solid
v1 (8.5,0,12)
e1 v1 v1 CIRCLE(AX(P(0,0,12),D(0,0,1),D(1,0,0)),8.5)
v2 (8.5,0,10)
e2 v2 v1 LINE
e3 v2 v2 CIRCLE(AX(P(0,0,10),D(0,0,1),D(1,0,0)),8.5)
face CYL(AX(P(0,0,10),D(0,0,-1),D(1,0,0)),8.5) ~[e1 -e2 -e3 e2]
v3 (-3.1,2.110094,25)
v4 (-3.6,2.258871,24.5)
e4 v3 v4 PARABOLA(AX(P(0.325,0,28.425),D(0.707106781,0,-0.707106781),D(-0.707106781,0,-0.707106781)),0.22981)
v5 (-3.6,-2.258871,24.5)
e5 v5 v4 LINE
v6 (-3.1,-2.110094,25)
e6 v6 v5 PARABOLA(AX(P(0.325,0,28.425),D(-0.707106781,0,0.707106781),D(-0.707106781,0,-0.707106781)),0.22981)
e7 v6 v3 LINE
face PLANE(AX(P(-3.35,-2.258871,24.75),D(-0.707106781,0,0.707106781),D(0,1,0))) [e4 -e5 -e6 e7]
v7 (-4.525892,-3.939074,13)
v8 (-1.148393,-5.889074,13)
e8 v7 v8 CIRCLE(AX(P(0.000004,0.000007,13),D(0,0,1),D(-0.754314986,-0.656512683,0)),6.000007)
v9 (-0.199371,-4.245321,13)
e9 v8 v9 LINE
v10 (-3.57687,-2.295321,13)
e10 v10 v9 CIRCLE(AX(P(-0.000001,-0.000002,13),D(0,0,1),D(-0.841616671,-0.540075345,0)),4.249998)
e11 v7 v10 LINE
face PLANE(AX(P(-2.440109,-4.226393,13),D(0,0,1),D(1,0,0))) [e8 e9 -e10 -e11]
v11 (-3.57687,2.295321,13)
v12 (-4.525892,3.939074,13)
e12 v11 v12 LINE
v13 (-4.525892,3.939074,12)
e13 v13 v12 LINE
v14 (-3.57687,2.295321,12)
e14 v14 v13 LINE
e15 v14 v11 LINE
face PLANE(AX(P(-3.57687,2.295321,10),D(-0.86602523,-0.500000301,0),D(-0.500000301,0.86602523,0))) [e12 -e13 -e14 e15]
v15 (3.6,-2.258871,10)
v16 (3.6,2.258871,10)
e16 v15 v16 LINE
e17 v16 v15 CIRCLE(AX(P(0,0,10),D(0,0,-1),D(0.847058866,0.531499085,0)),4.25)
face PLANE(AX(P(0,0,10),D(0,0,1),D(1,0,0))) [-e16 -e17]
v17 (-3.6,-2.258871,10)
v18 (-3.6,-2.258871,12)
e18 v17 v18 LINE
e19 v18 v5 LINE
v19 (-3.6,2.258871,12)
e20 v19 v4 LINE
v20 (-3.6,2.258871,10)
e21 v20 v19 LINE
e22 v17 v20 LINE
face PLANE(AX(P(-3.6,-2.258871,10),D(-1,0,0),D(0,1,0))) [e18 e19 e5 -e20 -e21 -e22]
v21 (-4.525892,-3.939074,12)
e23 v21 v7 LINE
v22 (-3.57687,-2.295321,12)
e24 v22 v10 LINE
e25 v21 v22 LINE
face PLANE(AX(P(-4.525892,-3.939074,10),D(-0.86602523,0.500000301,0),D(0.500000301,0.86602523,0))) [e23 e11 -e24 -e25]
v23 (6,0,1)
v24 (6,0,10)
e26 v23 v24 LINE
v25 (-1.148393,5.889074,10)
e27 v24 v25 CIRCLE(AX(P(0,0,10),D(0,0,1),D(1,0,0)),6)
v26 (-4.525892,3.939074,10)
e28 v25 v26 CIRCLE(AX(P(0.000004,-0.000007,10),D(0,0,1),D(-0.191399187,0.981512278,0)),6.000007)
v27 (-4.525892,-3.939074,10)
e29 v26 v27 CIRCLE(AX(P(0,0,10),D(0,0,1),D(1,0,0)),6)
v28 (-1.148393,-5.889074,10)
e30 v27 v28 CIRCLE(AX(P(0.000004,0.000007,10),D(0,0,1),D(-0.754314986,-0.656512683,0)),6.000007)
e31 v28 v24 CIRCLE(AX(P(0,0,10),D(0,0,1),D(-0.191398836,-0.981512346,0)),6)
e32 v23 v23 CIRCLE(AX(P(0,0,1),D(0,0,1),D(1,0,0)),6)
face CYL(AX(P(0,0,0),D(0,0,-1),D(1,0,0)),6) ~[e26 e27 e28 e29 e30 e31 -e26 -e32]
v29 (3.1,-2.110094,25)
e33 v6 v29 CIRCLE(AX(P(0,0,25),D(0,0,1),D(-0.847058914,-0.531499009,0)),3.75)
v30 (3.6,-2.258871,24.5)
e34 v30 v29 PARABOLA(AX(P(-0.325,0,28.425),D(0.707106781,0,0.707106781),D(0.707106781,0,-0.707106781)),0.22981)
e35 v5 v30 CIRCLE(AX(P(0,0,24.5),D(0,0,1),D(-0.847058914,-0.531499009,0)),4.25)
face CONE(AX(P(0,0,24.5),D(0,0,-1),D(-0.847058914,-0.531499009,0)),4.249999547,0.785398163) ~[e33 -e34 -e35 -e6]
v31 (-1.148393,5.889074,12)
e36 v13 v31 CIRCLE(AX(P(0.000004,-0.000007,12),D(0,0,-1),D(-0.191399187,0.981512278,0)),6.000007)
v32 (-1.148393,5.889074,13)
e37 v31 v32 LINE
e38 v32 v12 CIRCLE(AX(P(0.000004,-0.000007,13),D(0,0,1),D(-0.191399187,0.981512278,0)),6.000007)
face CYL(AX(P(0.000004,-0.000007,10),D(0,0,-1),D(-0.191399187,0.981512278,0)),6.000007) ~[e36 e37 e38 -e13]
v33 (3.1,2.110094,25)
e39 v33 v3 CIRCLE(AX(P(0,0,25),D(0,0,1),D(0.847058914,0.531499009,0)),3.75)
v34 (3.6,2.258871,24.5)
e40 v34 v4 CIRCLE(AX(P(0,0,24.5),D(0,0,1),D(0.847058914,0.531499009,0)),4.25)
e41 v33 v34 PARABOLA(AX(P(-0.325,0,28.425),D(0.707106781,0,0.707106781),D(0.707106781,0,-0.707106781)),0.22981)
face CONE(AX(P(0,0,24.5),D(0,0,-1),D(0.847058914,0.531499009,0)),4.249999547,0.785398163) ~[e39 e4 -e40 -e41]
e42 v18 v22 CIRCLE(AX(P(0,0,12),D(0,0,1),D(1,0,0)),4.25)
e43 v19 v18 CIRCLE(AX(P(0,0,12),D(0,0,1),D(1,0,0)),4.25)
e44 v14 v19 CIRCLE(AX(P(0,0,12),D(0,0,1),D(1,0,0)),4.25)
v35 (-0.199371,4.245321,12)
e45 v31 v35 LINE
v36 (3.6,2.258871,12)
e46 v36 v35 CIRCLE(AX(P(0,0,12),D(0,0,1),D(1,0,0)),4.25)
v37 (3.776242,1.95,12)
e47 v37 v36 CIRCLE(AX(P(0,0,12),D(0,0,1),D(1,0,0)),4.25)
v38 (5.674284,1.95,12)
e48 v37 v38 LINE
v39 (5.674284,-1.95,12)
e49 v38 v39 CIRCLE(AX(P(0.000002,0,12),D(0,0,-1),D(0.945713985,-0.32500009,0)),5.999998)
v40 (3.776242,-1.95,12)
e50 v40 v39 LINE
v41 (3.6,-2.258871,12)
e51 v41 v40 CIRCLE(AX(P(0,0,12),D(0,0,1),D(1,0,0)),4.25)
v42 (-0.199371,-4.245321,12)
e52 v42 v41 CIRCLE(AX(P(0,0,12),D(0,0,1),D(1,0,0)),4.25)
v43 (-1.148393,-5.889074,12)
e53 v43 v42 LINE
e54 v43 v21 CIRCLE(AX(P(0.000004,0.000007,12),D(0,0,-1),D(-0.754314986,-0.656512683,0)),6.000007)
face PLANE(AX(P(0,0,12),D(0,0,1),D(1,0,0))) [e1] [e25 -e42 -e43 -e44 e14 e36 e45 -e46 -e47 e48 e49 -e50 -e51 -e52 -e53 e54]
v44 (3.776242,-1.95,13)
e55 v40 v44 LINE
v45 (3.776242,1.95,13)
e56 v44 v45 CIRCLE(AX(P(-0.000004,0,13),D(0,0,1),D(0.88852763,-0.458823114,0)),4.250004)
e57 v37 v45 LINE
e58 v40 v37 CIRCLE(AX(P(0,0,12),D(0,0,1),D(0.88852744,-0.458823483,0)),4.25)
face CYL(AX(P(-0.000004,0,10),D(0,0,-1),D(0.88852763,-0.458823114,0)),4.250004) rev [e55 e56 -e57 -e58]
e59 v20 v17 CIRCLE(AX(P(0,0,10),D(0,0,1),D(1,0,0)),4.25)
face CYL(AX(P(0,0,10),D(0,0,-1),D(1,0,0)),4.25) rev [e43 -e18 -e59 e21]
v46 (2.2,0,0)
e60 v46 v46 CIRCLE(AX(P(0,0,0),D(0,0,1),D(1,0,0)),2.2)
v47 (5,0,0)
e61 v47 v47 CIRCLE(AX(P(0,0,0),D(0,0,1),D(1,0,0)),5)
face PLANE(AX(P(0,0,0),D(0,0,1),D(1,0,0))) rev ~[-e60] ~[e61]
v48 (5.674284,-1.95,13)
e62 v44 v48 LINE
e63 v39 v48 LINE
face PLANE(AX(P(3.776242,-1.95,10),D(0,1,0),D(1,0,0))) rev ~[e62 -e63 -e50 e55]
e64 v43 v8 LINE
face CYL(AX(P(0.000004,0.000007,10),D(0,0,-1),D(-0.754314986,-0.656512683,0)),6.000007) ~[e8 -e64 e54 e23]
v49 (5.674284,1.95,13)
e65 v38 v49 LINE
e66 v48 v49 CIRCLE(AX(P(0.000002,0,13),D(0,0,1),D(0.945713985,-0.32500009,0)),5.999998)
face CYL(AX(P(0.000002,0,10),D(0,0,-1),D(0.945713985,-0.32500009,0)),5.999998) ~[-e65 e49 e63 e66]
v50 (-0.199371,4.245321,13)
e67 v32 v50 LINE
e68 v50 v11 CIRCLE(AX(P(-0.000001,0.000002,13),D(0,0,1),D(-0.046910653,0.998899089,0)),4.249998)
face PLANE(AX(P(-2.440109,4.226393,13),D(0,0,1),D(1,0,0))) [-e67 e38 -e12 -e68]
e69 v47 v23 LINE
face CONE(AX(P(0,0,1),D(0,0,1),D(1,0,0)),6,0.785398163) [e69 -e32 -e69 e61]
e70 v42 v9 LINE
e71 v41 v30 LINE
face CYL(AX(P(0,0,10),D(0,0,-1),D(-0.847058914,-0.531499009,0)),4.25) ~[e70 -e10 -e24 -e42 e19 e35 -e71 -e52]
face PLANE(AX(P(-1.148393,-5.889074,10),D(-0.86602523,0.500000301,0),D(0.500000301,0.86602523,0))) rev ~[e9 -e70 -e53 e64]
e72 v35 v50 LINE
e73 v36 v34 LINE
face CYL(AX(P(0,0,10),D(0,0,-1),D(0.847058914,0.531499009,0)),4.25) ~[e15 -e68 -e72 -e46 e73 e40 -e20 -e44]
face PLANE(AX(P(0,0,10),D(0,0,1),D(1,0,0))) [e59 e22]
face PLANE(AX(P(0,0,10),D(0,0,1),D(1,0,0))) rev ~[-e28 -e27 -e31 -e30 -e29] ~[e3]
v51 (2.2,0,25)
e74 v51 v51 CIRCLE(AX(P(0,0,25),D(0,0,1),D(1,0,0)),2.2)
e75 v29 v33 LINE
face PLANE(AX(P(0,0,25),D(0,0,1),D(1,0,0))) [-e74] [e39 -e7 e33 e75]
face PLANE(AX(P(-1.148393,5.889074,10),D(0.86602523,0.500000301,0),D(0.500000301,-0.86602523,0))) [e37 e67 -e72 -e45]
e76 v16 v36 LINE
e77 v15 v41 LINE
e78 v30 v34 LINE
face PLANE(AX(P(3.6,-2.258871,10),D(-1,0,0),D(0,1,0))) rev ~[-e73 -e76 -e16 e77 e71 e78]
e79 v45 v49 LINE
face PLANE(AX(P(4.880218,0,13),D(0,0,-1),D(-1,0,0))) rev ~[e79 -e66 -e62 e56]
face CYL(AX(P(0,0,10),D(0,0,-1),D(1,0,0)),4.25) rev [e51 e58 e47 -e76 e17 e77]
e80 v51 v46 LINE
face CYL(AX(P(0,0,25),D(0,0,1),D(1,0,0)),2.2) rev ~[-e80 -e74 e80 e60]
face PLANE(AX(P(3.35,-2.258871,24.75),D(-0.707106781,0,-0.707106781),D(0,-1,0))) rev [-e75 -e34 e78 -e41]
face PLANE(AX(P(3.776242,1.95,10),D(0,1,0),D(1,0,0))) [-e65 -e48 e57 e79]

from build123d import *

# Parameters (mm, degrees)
SKETCH_R        = 6
PAD_DEPTH       = 10
PAD001_DEPTH    = 15
SKETCH002_R     = 2.2
POCKET_DEPTH    = 25.001
PAD002_DEPTH    = 3
SKETCH004_R     = 8.5
SKETCH004_R_2   = 4.25
PAD003_DEPTH    = 2
CHAMFER_SIZE    = 0.5
CHAMFER001_SIZE = 1


with BuildPart() as part:
    # Sketch → Pad (new body)
    with BuildSketch(Plane.XY):
        Circle(SKETCH_R)
    extrude(amount=PAD_DEPTH)

    # Sketch001 (on Face3 of Pad) → Pad001 (join)
    with BuildSketch(Plane.XY.offset(10)):
        with BuildLine():
            ThreePointArc((-3.6, -2.258871), (0, -4.25), (3.6, -2.258871))
            Line((3.6, -2.258871), (3.6, 2.258871))
            ThreePointArc((3.6, 2.258871), (0, 4.25), (-3.6, 2.258871))
            Line((-3.6, -2.258871), (-3.6, 2.258871))
        make_face()
    extrude(amount=PAD001_DEPTH)

    # Sketch002 (on Face8 of Pad001) → Pocket (cut, through all)
    with BuildSketch(Plane.XY.offset(25)):
        Circle(SKETCH002_R)
    extrude(amount=-POCKET_DEPTH, mode=Mode.SUBTRACT)

    # Sketch003 (on Face3 of Pocket) → Pad002 (join)
    with BuildSketch(Plane.XY.offset(10)):
        with BuildLine():
            ThreePointArc((3.776242, -1.95), (4.25, 0), (3.776242, 1.95))
            Line((3.776242, 1.95), (5.674284, 1.95))
            ThreePointArc((5.674284, -1.95), (6, 0), (5.674284, 1.95))
            Line((3.776242, -1.95), (5.674284, -1.95))
        make_face()
        with BuildLine():
            ThreePointArc((-1.148393, 5.889074), (-3, 5.196152), (-4.525892, 3.939074))
            Line((-3.57687, 2.295321), (-4.525892, 3.939074))
            ThreePointArc((-0.199371, 4.245321), (-2.125, 3.680608), (-3.57687, 2.295321))
            Line((-1.148393, 5.889074), (-0.199371, 4.245321))
        make_face()
        with BuildLine():
            ThreePointArc((-4.525892, -3.939074), (-3, -5.196152), (-1.148393, -5.889074))
            Line((-1.148393, -5.889074), (-0.199371, -4.245321))
            ThreePointArc((-3.57687, -2.295321), (-2.125, -3.680608), (-0.199371, -4.245321))
            Line((-4.525892, -3.939074), (-3.57687, -2.295321))
        make_face()
    extrude(amount=PAD002_DEPTH)

    # Sketch004 (on Face4 of Pad002) → Pad003 (join)
    with BuildSketch(Plane.XY.offset(10)):
        Circle(SKETCH004_R)
        Circle(SKETCH004_R_2, mode=Mode.SUBTRACT)
    extrude(amount=PAD003_DEPTH)

    # Chamfer
    chamfer_edges = [part.edges().sort_by_distance(p)[0] for p in [
        (-3.6, 0, 25),
        (0, 4.25, 25),
        (3.6, 0, 25),
        (0, -4.25, 25),
    ]]
    chamfer(chamfer_edges, length=CHAMFER_SIZE)

    # Chamfer001
    chamfer001_edges = [part.edges().sort_by_distance(p)[0] for p in [
        (-6, 0, 0),
    ]]
    chamfer(chamfer001_edges, length=CHAMFER001_SIZE)


solid = part.part
